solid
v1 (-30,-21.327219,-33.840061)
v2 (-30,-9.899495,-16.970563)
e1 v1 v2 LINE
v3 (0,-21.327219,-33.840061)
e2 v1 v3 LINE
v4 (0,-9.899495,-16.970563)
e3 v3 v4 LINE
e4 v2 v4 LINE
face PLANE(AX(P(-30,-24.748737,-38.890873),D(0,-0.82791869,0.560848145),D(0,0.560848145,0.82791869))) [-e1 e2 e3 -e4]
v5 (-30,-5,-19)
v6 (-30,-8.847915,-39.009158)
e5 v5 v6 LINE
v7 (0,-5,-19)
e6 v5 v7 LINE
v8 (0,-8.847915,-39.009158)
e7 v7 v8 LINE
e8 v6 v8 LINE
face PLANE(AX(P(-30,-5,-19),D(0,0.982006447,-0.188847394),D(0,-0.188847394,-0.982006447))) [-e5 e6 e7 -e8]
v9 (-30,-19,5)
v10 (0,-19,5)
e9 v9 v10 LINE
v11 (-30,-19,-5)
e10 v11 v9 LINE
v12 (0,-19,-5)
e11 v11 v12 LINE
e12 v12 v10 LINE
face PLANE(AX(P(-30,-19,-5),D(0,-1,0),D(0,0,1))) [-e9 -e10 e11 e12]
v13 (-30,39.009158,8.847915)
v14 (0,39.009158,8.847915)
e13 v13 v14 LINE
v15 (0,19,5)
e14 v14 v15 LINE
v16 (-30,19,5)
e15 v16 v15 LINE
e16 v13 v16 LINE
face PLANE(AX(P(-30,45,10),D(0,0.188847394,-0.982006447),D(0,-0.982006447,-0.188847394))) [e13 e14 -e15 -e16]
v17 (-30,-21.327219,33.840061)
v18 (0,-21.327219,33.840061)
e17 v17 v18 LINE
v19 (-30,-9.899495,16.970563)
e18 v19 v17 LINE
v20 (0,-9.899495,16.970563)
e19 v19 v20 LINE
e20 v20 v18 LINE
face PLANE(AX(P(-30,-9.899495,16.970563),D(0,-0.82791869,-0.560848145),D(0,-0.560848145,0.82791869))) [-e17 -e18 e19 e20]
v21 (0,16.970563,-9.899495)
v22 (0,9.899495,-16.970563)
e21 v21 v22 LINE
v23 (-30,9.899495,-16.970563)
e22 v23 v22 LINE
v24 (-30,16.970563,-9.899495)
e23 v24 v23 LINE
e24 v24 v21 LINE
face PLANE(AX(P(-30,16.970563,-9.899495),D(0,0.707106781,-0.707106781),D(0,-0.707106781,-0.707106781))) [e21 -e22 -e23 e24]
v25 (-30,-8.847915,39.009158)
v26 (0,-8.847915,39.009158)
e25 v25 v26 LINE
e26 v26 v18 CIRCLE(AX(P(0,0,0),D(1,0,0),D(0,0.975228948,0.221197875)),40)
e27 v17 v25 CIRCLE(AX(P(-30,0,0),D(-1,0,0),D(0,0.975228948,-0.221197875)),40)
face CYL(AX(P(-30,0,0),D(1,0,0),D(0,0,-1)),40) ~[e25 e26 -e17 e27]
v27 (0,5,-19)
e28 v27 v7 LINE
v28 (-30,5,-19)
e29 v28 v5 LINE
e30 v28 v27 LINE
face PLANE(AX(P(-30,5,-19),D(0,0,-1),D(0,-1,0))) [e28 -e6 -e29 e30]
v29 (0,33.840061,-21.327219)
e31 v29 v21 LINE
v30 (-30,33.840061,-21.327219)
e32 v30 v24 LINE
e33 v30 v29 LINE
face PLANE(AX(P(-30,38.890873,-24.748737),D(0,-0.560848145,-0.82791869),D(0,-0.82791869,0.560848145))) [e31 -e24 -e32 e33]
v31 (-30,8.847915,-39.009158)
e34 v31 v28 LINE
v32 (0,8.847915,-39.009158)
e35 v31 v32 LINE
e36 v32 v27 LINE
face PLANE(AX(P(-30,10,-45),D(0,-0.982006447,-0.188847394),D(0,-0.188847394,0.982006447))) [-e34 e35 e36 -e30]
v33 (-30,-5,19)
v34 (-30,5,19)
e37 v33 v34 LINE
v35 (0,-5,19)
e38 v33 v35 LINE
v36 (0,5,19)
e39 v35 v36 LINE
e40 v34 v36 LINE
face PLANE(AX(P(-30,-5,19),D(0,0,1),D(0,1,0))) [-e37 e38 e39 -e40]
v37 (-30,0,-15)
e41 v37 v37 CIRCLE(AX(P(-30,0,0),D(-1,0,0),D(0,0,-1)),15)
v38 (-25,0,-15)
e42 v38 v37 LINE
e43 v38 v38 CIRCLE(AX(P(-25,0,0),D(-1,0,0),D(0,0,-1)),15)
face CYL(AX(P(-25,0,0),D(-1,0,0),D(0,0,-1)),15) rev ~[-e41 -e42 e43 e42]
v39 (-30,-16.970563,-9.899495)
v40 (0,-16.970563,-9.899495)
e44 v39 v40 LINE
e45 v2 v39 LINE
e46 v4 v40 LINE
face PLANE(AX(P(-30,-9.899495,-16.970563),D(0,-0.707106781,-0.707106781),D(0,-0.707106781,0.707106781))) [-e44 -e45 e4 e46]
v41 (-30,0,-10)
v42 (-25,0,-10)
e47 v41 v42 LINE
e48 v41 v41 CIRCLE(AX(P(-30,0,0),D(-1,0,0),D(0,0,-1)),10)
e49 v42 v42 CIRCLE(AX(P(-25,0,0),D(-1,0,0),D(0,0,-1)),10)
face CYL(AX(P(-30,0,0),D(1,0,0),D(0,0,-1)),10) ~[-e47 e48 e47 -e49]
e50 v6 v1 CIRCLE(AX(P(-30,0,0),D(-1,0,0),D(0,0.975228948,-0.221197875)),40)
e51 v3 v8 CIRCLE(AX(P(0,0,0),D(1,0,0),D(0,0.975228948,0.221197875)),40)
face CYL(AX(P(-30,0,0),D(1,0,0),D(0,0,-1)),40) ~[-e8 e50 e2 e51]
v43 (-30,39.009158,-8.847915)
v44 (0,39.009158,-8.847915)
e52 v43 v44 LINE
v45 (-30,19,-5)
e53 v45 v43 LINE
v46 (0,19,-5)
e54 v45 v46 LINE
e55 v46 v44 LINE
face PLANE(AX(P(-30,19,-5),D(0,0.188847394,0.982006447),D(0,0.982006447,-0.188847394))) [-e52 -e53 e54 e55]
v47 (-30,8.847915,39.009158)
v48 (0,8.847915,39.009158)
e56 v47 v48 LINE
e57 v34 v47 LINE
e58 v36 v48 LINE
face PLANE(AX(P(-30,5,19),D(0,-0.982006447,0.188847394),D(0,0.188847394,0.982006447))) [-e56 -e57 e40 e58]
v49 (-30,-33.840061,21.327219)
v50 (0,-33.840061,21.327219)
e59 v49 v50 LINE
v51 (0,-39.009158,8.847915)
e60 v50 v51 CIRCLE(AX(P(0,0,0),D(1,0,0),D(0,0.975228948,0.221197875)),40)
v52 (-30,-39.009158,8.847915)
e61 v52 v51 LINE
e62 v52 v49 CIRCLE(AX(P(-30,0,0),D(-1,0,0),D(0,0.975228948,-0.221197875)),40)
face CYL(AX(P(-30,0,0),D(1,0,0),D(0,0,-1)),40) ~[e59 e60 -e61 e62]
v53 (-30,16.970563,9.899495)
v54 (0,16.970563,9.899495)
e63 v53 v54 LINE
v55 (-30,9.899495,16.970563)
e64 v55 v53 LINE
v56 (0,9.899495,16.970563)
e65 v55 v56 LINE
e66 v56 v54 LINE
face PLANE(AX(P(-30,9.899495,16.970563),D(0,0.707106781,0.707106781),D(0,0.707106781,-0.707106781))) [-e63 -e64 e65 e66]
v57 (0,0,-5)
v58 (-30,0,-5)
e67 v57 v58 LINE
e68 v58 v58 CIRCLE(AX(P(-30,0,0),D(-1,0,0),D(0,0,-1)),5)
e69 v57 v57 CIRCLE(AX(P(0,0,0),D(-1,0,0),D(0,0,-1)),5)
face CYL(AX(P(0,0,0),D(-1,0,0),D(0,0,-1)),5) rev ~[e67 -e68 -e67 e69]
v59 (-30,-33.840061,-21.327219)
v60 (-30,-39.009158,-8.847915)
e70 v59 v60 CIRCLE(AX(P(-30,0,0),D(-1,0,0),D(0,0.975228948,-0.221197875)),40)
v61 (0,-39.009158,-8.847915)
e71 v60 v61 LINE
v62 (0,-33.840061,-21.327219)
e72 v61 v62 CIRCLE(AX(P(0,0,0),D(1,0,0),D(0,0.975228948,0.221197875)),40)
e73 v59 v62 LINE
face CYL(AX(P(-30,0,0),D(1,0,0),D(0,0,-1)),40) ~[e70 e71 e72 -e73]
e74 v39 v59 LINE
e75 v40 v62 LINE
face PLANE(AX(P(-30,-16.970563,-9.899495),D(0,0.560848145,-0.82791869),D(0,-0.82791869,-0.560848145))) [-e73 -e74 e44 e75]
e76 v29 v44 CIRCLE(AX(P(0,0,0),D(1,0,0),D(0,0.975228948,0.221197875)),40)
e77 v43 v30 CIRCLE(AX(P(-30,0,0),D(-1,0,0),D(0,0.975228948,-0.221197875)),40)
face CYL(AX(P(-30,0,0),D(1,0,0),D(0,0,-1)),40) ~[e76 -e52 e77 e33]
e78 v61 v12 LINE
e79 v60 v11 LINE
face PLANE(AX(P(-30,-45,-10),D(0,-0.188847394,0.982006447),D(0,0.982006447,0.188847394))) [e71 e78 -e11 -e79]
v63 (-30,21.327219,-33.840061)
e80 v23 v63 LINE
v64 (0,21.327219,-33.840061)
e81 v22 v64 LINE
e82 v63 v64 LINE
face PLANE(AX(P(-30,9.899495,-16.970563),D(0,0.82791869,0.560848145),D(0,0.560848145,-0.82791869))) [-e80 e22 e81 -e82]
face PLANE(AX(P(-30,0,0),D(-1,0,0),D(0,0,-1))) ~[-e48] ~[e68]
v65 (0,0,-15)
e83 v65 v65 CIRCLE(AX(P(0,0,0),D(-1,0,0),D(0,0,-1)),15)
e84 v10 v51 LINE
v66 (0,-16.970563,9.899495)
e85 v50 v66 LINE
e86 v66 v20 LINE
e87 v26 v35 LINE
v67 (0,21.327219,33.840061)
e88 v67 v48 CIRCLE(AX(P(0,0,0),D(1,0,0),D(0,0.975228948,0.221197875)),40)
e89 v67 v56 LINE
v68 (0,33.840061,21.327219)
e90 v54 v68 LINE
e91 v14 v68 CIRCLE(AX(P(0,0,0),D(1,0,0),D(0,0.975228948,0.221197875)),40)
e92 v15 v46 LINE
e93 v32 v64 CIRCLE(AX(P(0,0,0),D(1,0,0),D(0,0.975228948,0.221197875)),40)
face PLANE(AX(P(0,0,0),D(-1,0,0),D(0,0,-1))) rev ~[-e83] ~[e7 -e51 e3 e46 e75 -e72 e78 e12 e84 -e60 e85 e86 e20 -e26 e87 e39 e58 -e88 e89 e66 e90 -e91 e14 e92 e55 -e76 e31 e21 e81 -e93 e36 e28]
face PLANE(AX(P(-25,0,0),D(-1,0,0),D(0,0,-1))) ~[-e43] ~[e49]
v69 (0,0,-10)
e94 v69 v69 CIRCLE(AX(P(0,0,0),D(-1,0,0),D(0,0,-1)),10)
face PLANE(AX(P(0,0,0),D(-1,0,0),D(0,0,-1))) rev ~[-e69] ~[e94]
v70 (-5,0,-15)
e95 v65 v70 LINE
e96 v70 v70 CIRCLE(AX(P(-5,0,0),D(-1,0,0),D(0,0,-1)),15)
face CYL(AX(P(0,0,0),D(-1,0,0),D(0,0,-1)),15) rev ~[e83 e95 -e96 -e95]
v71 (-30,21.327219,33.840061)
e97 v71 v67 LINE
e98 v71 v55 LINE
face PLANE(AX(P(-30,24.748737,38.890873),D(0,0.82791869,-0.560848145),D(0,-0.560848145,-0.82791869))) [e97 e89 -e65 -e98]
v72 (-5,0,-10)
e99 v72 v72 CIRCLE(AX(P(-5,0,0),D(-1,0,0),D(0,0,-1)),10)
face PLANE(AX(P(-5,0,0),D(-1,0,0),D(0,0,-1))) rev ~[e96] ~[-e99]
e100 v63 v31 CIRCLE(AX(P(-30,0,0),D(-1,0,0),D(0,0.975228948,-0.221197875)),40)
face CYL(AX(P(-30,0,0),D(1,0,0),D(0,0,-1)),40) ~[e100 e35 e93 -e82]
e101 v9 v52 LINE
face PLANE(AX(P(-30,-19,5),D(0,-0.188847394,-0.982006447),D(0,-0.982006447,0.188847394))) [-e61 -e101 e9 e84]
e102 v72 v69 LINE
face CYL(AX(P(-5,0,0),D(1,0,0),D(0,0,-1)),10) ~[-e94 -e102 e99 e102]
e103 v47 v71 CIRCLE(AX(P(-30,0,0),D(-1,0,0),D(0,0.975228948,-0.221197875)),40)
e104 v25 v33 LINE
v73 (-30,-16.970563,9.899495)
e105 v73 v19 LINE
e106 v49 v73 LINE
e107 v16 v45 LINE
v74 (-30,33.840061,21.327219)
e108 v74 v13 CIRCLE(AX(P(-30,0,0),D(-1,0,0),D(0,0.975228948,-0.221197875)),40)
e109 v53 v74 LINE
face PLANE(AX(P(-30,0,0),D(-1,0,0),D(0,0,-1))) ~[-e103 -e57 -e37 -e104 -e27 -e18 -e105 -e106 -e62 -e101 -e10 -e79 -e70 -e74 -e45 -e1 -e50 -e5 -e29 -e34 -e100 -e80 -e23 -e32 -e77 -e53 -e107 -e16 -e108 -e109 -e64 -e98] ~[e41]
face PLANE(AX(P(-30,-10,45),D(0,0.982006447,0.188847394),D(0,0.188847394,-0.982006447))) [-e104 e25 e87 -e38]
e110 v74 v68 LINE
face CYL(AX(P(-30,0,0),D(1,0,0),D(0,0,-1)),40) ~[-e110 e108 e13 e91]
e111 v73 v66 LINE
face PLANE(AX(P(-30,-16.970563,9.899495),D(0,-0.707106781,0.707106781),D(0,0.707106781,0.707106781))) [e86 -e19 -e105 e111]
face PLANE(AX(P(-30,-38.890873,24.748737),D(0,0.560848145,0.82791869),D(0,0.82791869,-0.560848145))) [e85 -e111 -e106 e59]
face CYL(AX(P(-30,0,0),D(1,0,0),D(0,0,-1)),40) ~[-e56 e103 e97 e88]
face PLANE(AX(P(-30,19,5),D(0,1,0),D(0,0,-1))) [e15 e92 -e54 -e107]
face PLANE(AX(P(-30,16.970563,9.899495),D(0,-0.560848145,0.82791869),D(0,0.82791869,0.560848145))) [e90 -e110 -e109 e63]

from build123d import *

# Parameters (mm, degrees)
CUT_EXTRUDE6_DEPTH = 65.031242374
CIRPATTERN6_COUNT  = 8


with BuildPart() as part:
    # Sketch2 → Revolve1 (revolve)
    with BuildSketch(Plane.XY, mode=Mode.PRIVATE) as revolve1_sk:
        Polygon((0, 5), (-30, 5), (-30, 10), (-25, 10), (-25, 15), (-30, 15), (-30, 40), (0, 40), (0, 15), (-5, 15), (-5, 10), (0, 10), align=None)
    revolve(revolve1_sk.sketch.rotate(Axis((0, 0, 0), (-1, 0, 0)), 90), axis=Axis((0, 0, 0), (-1, 0, 0)))

    # Sketch8 → Cut-Extrude6 (cut, through all)
    with BuildSketch(Plane.ZY.offset(30)):
        Polygon((-10, 45), (10, 45), (5, 19), (-5, 19), align=None)
    cut_extrude6 = extrude(amount=-CUT_EXTRUDE6_DEPTH, mode=Mode.SUBTRACT)

    # CirPattern6: Cut-Extrude6 ×8 about axis
    cirpattern6_axis = Axis((0, 0, 0), (1, 0, 0))
    for i in range(1, CIRPATTERN6_COUNT):
        add(cut_extrude6.rotate(cirpattern6_axis, i * 360 / CIRPATTERN6_COUNT), mode=Mode.SUBTRACT)


solid = part.part
